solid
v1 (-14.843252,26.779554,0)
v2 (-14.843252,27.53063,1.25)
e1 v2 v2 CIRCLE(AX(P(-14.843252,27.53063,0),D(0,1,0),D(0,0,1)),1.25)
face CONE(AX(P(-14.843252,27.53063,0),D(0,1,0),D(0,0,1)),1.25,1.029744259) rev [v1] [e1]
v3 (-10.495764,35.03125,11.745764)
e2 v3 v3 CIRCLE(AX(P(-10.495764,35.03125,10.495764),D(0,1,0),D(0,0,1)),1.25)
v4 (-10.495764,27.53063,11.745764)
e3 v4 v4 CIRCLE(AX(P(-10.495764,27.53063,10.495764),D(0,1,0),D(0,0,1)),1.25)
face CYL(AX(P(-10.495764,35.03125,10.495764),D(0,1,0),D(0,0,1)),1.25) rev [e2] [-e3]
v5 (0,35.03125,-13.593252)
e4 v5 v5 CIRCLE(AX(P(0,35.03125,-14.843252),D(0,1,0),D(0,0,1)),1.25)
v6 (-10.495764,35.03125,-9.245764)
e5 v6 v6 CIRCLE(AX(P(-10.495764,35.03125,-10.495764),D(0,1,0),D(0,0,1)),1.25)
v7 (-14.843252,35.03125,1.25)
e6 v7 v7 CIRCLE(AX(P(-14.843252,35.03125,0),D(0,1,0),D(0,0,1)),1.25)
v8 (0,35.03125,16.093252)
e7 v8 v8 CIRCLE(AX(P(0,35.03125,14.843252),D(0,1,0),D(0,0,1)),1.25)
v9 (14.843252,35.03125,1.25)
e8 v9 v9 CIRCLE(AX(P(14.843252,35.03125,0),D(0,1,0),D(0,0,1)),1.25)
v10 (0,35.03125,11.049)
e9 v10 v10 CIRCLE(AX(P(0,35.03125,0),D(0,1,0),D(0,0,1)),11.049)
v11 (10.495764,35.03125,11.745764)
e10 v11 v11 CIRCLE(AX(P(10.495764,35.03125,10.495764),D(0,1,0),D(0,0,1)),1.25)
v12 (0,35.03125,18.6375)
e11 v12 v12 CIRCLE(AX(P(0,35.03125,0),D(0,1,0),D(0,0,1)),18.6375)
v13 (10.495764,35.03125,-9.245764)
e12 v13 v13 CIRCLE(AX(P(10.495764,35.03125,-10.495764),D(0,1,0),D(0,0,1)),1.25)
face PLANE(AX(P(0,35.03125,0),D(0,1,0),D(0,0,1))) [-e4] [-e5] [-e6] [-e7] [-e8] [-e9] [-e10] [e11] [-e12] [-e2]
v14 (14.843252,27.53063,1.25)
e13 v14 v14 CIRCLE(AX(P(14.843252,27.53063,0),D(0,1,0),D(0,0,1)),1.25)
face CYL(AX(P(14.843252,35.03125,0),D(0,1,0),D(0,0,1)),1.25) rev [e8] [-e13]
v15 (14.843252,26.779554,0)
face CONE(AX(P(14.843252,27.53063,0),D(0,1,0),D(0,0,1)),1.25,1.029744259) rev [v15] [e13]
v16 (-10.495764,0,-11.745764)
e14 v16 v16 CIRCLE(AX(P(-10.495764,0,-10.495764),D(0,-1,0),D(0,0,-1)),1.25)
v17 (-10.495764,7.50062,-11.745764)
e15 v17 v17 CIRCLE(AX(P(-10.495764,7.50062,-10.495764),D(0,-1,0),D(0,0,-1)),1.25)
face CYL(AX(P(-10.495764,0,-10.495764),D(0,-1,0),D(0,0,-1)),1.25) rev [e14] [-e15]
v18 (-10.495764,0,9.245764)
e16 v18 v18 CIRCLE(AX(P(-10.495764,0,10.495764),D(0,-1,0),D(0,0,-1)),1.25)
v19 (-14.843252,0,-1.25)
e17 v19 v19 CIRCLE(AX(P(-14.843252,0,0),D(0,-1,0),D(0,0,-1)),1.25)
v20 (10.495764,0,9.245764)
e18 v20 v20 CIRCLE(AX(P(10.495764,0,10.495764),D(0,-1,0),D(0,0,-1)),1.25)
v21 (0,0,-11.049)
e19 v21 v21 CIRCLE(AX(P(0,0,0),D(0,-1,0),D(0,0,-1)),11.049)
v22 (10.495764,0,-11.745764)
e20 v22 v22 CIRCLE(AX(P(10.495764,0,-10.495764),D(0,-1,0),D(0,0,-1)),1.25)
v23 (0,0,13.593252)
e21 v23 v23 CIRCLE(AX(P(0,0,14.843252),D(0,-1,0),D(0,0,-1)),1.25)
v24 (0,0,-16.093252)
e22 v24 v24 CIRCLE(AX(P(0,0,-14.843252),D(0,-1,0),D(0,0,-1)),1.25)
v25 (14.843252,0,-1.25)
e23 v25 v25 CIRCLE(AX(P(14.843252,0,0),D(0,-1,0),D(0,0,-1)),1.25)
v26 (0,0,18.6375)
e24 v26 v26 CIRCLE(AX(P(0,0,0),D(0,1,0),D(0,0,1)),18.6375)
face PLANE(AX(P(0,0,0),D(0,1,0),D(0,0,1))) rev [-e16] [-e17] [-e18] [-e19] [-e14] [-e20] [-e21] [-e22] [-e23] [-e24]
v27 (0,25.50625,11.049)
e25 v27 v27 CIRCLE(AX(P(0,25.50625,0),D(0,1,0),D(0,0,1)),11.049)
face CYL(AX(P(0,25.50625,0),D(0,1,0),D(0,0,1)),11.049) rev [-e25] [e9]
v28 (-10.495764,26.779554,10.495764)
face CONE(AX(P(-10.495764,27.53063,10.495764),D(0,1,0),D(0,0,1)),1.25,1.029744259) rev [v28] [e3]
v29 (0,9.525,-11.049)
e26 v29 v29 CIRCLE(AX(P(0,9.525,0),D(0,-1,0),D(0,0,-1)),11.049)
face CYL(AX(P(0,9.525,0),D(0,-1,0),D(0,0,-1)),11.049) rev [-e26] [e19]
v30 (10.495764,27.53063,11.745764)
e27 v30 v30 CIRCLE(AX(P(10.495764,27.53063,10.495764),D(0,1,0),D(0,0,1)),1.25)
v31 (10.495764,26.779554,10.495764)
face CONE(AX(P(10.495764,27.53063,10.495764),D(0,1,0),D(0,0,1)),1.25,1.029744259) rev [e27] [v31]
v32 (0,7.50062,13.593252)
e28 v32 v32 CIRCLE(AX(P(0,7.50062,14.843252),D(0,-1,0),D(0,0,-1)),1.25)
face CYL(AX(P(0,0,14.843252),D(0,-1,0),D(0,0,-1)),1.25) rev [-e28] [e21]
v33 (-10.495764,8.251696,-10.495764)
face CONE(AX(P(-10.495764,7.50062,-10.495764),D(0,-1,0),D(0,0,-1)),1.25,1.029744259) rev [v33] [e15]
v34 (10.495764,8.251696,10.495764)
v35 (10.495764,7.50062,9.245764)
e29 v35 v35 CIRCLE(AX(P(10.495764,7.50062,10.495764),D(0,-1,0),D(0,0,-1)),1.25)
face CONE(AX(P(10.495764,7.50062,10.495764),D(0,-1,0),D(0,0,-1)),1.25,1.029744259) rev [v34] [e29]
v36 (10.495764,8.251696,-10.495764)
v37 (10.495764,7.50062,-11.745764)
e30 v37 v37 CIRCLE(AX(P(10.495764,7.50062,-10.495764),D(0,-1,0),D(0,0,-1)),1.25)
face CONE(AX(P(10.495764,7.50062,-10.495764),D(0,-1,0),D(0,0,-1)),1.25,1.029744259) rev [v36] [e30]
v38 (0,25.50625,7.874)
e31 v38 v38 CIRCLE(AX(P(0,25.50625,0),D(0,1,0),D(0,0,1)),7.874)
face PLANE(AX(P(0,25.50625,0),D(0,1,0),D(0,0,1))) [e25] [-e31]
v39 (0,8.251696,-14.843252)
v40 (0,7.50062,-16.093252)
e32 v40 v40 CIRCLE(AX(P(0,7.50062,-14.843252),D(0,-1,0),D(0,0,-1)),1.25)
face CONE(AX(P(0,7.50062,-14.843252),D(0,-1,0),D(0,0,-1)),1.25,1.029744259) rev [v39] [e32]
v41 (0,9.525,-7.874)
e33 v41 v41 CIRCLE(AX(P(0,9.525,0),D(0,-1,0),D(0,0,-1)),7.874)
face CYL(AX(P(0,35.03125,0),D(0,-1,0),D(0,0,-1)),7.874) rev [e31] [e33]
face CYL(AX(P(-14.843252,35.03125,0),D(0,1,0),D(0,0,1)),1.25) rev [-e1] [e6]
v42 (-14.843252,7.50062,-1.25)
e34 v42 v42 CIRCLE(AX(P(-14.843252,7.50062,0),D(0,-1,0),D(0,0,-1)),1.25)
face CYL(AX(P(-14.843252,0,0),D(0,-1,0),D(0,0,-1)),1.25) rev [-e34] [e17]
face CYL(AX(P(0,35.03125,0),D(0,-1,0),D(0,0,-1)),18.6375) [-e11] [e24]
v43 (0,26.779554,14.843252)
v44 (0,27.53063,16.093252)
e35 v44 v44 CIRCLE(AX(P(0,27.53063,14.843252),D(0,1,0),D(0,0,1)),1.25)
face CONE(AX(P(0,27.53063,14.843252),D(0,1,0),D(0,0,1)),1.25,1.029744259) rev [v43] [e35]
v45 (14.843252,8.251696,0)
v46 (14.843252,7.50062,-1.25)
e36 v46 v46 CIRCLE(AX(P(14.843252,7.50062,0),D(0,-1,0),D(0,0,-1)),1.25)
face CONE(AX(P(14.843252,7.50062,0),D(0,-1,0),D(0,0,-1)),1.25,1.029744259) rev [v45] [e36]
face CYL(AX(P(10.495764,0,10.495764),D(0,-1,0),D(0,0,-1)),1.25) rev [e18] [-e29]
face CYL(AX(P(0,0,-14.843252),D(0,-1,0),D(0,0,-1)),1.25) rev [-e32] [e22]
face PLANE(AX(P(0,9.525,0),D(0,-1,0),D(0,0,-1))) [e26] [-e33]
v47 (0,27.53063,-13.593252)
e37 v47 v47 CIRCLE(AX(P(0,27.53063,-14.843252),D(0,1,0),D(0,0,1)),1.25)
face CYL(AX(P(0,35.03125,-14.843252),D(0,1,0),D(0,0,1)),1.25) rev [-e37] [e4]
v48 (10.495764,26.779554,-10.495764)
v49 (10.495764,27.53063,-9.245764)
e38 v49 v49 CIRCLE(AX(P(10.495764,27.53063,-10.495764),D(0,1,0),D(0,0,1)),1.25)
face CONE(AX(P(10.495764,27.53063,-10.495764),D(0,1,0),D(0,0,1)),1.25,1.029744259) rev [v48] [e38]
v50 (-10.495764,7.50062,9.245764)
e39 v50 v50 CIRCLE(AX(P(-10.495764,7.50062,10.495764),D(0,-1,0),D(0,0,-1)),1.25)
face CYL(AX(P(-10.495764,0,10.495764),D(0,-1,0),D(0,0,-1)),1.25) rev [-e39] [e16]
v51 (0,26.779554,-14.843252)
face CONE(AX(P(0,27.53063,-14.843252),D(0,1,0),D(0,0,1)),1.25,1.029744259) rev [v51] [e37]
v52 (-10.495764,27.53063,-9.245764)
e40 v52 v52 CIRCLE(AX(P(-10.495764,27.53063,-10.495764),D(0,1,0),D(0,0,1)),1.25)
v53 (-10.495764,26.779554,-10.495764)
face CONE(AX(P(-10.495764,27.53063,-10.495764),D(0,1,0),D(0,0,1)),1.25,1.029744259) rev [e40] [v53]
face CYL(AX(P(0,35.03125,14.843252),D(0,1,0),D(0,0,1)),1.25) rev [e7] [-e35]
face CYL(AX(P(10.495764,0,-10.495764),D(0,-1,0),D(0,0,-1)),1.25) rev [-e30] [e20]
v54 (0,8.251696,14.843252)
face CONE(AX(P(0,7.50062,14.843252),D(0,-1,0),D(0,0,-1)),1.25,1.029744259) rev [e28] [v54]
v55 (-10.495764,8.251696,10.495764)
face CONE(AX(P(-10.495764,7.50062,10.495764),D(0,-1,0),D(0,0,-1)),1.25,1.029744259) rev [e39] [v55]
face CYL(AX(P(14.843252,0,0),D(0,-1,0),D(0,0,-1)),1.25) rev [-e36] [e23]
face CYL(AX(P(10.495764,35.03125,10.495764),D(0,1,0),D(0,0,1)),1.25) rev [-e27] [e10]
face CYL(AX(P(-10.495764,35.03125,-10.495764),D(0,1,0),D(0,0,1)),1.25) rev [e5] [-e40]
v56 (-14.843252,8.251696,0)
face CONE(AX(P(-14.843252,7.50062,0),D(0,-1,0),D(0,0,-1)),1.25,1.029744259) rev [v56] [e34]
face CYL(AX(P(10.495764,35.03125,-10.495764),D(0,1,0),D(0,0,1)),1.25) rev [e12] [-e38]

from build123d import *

# Parameters (mm, degrees)
BODY_SKETCH_R              = 18.6375
BODY_EXTRUDE_DEPTH         = 35.03125
BEARING_POCKET_SKETCH_R    = 11.049
BEARING_POCKET_CUT_1_DEPTH = 9.525
BEARING_START              = -35.03125
BEARING_POCKET_SKETCH_2_R  = 11.049
BEARING_POCKET_CUT_2_DEPTH = 9.525
BORE_SKETCH_R              = 7.874
BORE_CUT_DEPTH             = 36.03125
M3X0_5_TAPPED_HOLE1_D      = 2.5
M3X0_5_TAPPED_HOLE1_DEPTH  = 7.50062
M3X0_5_TAPPED_HOLE1_TIP    = 0.751075774
M3X0_5_TAPPED_HOLE3_D      = 2.5
M3X0_5_TAPPED_HOLE3_DEPTH  = 7.50062
M3X0_5_TAPPED_HOLE3_TIP    = 0.751075774


with BuildPart() as part:
    # Body Sketch → Body Extrude (new body)
    with BuildSketch(Plane(origin=(0, 0, 0), x_dir=(1, 0, 0), z_dir=(0, 1, 0))):
        Circle(BODY_SKETCH_R)
    extrude(amount=BODY_EXTRUDE_DEPTH)

    # Bearing Pocket Sketch → Bearing Pocket Cut 1 (cut)
    with BuildSketch(Plane(origin=(0, 0, 0), x_dir=(-1, 0, 0), z_dir=(0, -1, 0))):
        Circle(BEARING_POCKET_SKETCH_R)
    extrude(amount=-BEARING_POCKET_CUT_1_DEPTH, mode=Mode.SUBTRACT)

    # Bearing Pocket Sketch<2> → Bearing Pocket Cut 2 (cut)
    with BuildSketch(Plane(origin=(0, 0, 0), x_dir=(-1, 0, 0), z_dir=(0, -1, 0)).offset(BEARING_START)):
        Circle(BEARING_POCKET_SKETCH_2_R)
    extrude(amount=BEARING_POCKET_CUT_2_DEPTH, mode=Mode.SUBTRACT)

    # Bore Sketch → Bore Cut (cut, through all)
    with BuildSketch(Plane(origin=(0, 0, 0), x_dir=(-1, 0, 0), z_dir=(0, -1, 0))):
        Circle(BORE_SKETCH_R)
    extrude(amount=-BORE_CUT_DEPTH, mode=Mode.SUBTRACT)

    # M3x0.5 Tapped Hole1
    with Locations(Plane(origin=(0, 0, 14.843252), x_dir=(0, 0, -1), z_dir=(0, -1, 0))):
        with Locations((0, 0), (4.347487856, 10.495764144), (14.843252, 14.843252), (25.339016144, 10.495764144), (29.686504, 0), (25.339016144, -10.495764144), (14.843252, -14.843252), (4.347487856, -10.495764144)):
            Hole(M3X0_5_TAPPED_HOLE1_D / 2, depth=M3X0_5_TAPPED_HOLE1_DEPTH)
            with Locations((0, 0, -(M3X0_5_TAPPED_HOLE1_DEPTH + M3X0_5_TAPPED_HOLE1_TIP / 2))):  # 118° drill point
                Cone(0, M3X0_5_TAPPED_HOLE1_D / 2, M3X0_5_TAPPED_HOLE1_TIP, mode=Mode.SUBTRACT)

    # M3x0.5 Tapped Hole3
    with Locations(Plane(origin=(0, 35.03125, 14.843252), x_dir=(0, 0, 1), z_dir=(0, 1, 0))):
        with Locations((0, 0), (-4.347487856, 10.495764144), (-14.843252, 14.843252), (-25.339016144, 10.495764144), (-29.686504, 0), (-25.339016144, -10.495764144), (-14.843252, -14.843252), (-4.347487856, -10.495764144)):
            Hole(M3X0_5_TAPPED_HOLE3_D / 2, depth=M3X0_5_TAPPED_HOLE3_DEPTH)
            with Locations((0, 0, -(M3X0_5_TAPPED_HOLE3_DEPTH + M3X0_5_TAPPED_HOLE3_TIP / 2))):  # 118° drill point
                Cone(0, M3X0_5_TAPPED_HOLE3_D / 2, M3X0_5_TAPPED_HOLE3_TIP, mode=Mode.SUBTRACT)


solid = part.part
